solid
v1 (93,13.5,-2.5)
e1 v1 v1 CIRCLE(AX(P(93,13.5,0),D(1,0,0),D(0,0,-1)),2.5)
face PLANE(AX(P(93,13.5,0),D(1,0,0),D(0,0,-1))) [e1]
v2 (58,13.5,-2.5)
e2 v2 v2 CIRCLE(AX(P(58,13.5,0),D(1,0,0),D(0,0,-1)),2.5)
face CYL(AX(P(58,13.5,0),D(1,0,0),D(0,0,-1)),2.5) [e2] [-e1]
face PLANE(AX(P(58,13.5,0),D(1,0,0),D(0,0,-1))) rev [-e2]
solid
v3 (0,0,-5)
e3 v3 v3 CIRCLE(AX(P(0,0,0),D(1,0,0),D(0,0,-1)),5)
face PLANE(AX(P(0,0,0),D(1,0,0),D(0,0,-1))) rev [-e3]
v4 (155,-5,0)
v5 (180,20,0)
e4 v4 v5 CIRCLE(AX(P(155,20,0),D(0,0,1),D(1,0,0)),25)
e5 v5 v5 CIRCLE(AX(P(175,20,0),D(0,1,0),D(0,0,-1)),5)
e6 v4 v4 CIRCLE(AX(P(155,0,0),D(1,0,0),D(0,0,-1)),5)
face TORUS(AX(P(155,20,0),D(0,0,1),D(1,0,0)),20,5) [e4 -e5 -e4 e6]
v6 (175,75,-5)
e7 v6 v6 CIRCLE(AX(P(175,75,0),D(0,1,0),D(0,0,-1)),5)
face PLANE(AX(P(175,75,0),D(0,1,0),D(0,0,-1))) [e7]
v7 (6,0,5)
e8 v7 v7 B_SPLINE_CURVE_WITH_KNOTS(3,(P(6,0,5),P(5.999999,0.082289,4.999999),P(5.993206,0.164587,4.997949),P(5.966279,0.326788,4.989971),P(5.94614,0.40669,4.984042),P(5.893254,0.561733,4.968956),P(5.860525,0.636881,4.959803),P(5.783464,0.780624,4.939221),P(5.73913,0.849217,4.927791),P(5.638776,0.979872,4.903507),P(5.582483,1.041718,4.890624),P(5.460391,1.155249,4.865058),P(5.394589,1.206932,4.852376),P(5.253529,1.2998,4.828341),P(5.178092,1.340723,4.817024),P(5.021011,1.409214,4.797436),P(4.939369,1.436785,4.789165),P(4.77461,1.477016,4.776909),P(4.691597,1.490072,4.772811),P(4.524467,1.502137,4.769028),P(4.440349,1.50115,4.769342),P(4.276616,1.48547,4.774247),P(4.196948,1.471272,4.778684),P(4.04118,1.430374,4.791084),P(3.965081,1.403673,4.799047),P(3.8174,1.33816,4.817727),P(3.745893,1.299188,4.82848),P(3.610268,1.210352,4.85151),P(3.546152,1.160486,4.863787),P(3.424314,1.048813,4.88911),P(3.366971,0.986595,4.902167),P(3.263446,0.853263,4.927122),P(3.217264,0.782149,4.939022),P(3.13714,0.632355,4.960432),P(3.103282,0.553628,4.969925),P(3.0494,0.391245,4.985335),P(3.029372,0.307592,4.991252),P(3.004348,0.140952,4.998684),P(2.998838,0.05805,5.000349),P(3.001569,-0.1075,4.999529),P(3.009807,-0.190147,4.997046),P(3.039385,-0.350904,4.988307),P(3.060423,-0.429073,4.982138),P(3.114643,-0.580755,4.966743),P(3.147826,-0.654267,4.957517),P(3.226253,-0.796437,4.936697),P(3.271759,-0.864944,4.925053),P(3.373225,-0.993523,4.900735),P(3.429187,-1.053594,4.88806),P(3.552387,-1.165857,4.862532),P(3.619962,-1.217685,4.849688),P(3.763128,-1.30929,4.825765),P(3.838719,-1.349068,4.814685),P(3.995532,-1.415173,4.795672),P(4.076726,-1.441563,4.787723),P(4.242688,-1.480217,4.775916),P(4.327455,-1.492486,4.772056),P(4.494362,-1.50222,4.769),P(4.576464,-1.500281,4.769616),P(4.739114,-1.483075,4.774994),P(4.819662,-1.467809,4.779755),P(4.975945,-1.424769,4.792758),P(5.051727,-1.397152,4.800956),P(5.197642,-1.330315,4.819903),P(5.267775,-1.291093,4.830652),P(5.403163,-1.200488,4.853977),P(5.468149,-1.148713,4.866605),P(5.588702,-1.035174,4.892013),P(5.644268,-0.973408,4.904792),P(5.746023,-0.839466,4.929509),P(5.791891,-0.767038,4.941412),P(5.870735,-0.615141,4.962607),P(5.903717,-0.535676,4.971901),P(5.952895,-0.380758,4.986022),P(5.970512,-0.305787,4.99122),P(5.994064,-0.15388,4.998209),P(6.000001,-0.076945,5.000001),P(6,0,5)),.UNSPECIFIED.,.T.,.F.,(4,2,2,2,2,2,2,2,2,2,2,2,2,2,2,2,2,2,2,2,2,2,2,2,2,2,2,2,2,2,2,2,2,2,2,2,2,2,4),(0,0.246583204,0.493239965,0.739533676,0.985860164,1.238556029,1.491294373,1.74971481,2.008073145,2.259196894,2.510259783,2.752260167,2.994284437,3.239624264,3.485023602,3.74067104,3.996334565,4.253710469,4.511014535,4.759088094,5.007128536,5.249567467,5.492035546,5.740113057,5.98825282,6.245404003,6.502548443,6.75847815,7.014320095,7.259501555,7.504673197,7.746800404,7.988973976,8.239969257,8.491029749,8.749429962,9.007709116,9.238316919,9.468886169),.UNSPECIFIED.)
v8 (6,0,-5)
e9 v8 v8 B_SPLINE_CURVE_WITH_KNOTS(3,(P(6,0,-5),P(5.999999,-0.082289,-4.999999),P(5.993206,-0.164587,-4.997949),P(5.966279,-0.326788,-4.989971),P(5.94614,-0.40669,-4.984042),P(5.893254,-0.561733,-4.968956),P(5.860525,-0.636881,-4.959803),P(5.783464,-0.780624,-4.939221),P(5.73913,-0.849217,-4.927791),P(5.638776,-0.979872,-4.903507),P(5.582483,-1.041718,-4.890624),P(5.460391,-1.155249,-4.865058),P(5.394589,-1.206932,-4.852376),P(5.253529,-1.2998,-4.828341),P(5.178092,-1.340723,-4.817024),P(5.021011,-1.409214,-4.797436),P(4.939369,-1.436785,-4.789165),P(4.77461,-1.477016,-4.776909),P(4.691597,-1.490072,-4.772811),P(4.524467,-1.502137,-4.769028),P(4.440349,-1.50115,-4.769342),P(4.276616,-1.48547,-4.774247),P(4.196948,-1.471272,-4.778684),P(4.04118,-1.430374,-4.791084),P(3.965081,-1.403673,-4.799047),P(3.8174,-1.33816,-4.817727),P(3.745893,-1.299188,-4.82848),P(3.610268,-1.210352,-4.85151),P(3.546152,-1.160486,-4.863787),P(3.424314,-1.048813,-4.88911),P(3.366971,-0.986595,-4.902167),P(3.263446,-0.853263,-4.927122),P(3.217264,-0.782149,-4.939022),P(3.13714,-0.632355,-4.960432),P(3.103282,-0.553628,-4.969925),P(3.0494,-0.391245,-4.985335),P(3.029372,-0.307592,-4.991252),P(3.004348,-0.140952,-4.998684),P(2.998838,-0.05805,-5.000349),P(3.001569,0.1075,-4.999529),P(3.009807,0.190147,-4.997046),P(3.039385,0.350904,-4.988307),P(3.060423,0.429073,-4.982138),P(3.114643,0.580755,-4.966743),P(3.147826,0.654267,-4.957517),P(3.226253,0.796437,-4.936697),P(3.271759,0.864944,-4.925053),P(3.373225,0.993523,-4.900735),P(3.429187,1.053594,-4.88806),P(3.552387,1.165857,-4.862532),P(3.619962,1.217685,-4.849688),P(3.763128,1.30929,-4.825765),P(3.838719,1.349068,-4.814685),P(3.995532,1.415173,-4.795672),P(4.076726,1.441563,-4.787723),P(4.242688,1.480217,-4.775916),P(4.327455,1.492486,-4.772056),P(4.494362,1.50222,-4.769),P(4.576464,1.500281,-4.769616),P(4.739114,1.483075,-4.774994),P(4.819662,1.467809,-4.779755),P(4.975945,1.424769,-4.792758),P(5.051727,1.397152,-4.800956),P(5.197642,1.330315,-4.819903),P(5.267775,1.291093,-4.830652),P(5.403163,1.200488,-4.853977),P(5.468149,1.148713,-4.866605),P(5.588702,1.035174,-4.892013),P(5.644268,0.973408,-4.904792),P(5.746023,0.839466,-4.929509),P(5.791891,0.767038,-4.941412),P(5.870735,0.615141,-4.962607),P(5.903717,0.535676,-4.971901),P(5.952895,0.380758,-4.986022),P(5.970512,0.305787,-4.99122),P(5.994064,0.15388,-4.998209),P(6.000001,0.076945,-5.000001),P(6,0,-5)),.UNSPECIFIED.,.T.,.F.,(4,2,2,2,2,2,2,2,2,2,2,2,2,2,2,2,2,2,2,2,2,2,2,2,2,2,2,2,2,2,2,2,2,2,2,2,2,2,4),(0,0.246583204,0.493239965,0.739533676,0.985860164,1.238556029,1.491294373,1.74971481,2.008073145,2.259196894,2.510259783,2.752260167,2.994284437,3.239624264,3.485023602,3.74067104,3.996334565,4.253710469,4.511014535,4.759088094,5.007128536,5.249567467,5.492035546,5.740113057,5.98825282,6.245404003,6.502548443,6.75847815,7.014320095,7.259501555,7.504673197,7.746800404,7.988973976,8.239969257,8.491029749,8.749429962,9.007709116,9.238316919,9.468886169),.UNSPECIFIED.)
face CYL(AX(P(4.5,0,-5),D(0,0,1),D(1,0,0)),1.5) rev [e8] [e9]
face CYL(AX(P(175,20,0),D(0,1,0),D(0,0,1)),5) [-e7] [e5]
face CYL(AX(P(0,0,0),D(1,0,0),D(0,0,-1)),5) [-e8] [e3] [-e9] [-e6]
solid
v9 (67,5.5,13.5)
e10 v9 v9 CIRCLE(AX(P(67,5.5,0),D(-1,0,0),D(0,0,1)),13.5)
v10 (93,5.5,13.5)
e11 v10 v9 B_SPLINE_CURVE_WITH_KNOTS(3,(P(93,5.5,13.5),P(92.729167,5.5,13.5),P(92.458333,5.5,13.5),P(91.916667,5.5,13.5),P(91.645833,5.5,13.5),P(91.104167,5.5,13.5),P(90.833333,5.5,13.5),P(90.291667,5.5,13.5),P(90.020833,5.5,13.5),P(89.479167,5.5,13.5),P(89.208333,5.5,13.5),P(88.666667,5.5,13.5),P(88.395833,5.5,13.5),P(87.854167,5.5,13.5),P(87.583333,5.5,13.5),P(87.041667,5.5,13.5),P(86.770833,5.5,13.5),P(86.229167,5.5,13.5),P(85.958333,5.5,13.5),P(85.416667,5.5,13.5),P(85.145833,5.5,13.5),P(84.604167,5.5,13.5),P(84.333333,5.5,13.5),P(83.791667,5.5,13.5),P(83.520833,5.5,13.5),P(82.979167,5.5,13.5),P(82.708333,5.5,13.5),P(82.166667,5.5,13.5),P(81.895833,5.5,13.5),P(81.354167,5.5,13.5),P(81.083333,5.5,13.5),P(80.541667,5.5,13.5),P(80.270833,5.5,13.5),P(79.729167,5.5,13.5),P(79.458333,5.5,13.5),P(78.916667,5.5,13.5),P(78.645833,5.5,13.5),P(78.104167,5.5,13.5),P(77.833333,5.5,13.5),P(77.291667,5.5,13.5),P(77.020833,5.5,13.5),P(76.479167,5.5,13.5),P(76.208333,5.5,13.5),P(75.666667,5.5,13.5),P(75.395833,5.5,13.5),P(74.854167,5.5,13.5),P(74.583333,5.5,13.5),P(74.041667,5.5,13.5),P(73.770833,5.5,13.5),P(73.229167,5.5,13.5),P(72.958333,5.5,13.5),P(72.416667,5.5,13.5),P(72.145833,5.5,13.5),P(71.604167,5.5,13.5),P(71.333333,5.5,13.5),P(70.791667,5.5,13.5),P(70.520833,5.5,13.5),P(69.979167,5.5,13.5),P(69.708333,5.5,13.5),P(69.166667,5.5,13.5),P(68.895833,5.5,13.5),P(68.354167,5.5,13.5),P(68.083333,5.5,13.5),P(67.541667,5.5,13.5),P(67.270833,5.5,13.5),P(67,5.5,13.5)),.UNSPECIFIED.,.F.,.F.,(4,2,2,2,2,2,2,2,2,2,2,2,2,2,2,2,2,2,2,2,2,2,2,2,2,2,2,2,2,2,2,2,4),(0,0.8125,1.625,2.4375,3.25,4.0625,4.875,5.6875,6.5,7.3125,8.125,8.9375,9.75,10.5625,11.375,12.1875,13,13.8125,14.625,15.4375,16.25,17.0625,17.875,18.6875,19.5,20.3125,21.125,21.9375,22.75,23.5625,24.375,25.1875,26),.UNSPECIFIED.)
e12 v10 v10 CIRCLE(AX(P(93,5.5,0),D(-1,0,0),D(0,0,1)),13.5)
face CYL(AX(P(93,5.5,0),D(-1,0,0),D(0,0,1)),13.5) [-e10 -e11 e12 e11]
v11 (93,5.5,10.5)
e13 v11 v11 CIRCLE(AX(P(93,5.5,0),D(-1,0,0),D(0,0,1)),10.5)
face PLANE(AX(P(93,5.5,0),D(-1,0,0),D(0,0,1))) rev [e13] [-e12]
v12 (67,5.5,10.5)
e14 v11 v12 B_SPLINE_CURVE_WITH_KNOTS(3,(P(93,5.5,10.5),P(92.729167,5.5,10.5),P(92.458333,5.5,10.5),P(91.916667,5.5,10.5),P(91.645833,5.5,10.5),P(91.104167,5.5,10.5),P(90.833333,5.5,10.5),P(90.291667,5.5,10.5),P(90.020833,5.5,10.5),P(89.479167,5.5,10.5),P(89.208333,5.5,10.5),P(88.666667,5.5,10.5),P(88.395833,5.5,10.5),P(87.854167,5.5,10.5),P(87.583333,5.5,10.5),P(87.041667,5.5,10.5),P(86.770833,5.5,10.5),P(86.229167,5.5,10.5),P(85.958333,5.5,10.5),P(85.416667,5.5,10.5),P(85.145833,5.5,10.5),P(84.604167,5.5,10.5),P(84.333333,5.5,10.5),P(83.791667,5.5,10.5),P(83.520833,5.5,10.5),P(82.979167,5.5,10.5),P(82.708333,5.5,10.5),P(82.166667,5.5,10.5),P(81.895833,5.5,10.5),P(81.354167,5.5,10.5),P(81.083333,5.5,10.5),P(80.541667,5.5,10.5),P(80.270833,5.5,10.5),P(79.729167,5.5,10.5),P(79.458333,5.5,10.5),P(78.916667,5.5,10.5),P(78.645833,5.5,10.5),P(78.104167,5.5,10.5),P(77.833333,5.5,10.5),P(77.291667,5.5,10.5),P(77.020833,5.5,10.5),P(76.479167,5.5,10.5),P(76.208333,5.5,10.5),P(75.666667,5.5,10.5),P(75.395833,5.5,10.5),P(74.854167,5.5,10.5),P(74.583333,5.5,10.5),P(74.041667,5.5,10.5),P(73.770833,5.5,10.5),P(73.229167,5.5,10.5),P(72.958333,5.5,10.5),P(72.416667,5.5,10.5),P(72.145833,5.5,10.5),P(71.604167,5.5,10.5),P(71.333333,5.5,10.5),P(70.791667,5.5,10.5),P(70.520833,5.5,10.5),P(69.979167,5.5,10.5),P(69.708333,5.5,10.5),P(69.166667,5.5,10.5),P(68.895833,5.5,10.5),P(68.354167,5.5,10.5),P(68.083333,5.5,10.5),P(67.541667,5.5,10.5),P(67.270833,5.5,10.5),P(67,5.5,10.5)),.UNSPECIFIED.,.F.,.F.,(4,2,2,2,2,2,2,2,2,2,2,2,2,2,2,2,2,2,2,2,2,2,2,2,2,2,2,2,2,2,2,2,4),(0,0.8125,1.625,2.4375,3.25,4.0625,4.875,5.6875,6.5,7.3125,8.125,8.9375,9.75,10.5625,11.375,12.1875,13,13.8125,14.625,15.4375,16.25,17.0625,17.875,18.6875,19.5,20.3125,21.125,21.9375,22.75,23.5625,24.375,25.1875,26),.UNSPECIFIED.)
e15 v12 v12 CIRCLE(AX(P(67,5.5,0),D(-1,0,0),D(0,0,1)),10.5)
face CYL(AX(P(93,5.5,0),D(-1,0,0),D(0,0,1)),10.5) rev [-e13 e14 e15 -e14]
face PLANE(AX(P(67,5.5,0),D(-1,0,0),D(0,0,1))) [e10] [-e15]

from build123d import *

# Parameters (mm, degrees)
SKETCH_2_R               = 5
CUT_EXTRUDE_1_DEPTH      = 196.064092126
CUT_EXTRUDE_1_DEPTH_BACK = 196.064092126
SKETCH_3_R               = 1.5
SKETCH_4_R               = 13.5
SKETCH_4_R_2             = 10.5
EXTRUDE_1_DEPTH          = 26
SKETCH_5_R               = 2.5
EXTRUDE_2_DEPTH          = 35


with BuildPart() as part:
    # По траектории1: sweep along a path in Эскиз1
    with BuildLine(Plane.XY) as sweep_1_path:
        Line((0, 0), (155, 0))
        ThreePointArc((155, 0), (169.142135624, 5.857864376), (175, 20))
        Line((175, 20), (175, 75))
    # Эскиз2 → По траектории1 (sweep)
    with BuildSketch(Plane(origin=(0, 0, 0), x_dir=(0, 0, -1), z_dir=(1, 0, 0))):
        Circle(SKETCH_2_R)
    sweep(path=sweep_1_path.line)

    # Эскиз3 → Вырез-Вытянуть1 (cut, two sides: drawn at the far end of the back side and taken through both)
    with BuildSketch(Plane.XY.offset(-CUT_EXTRUDE_1_DEPTH_BACK)):
        with Locations((4.5, 0)):
            Circle(SKETCH_3_R)
    extrude(amount=CUT_EXTRUDE_1_DEPTH + CUT_EXTRUDE_1_DEPTH_BACK, mode=Mode.SUBTRACT)


with BuildPart() as body_2:
    # Эскиз4 → Бобышка-Вытянуть1 (new body)
    with BuildSketch(Plane.ZY.offset(-67)):
        with Locations((0, 5.5)):
            Circle(SKETCH_4_R)
        with Locations((0, 5.5)):
            Circle(SKETCH_4_R_2, mode=Mode.SUBTRACT)
    extrude(amount=-EXTRUDE_1_DEPTH)


with BuildPart() as body_3:
    # Эскиз5 → Бобышка-Вытянуть2 (new body)
    with BuildSketch(Plane(origin=(93, 0, 0), x_dir=(0, 0, -1), z_dir=(1, 0, 0))):
        with Locations((0, 13.5)):
            Circle(SKETCH_5_R)
    extrude(amount=-EXTRUDE_2_DEPTH)


solid = Compound([part.part, body_2.part, body_3.part])
